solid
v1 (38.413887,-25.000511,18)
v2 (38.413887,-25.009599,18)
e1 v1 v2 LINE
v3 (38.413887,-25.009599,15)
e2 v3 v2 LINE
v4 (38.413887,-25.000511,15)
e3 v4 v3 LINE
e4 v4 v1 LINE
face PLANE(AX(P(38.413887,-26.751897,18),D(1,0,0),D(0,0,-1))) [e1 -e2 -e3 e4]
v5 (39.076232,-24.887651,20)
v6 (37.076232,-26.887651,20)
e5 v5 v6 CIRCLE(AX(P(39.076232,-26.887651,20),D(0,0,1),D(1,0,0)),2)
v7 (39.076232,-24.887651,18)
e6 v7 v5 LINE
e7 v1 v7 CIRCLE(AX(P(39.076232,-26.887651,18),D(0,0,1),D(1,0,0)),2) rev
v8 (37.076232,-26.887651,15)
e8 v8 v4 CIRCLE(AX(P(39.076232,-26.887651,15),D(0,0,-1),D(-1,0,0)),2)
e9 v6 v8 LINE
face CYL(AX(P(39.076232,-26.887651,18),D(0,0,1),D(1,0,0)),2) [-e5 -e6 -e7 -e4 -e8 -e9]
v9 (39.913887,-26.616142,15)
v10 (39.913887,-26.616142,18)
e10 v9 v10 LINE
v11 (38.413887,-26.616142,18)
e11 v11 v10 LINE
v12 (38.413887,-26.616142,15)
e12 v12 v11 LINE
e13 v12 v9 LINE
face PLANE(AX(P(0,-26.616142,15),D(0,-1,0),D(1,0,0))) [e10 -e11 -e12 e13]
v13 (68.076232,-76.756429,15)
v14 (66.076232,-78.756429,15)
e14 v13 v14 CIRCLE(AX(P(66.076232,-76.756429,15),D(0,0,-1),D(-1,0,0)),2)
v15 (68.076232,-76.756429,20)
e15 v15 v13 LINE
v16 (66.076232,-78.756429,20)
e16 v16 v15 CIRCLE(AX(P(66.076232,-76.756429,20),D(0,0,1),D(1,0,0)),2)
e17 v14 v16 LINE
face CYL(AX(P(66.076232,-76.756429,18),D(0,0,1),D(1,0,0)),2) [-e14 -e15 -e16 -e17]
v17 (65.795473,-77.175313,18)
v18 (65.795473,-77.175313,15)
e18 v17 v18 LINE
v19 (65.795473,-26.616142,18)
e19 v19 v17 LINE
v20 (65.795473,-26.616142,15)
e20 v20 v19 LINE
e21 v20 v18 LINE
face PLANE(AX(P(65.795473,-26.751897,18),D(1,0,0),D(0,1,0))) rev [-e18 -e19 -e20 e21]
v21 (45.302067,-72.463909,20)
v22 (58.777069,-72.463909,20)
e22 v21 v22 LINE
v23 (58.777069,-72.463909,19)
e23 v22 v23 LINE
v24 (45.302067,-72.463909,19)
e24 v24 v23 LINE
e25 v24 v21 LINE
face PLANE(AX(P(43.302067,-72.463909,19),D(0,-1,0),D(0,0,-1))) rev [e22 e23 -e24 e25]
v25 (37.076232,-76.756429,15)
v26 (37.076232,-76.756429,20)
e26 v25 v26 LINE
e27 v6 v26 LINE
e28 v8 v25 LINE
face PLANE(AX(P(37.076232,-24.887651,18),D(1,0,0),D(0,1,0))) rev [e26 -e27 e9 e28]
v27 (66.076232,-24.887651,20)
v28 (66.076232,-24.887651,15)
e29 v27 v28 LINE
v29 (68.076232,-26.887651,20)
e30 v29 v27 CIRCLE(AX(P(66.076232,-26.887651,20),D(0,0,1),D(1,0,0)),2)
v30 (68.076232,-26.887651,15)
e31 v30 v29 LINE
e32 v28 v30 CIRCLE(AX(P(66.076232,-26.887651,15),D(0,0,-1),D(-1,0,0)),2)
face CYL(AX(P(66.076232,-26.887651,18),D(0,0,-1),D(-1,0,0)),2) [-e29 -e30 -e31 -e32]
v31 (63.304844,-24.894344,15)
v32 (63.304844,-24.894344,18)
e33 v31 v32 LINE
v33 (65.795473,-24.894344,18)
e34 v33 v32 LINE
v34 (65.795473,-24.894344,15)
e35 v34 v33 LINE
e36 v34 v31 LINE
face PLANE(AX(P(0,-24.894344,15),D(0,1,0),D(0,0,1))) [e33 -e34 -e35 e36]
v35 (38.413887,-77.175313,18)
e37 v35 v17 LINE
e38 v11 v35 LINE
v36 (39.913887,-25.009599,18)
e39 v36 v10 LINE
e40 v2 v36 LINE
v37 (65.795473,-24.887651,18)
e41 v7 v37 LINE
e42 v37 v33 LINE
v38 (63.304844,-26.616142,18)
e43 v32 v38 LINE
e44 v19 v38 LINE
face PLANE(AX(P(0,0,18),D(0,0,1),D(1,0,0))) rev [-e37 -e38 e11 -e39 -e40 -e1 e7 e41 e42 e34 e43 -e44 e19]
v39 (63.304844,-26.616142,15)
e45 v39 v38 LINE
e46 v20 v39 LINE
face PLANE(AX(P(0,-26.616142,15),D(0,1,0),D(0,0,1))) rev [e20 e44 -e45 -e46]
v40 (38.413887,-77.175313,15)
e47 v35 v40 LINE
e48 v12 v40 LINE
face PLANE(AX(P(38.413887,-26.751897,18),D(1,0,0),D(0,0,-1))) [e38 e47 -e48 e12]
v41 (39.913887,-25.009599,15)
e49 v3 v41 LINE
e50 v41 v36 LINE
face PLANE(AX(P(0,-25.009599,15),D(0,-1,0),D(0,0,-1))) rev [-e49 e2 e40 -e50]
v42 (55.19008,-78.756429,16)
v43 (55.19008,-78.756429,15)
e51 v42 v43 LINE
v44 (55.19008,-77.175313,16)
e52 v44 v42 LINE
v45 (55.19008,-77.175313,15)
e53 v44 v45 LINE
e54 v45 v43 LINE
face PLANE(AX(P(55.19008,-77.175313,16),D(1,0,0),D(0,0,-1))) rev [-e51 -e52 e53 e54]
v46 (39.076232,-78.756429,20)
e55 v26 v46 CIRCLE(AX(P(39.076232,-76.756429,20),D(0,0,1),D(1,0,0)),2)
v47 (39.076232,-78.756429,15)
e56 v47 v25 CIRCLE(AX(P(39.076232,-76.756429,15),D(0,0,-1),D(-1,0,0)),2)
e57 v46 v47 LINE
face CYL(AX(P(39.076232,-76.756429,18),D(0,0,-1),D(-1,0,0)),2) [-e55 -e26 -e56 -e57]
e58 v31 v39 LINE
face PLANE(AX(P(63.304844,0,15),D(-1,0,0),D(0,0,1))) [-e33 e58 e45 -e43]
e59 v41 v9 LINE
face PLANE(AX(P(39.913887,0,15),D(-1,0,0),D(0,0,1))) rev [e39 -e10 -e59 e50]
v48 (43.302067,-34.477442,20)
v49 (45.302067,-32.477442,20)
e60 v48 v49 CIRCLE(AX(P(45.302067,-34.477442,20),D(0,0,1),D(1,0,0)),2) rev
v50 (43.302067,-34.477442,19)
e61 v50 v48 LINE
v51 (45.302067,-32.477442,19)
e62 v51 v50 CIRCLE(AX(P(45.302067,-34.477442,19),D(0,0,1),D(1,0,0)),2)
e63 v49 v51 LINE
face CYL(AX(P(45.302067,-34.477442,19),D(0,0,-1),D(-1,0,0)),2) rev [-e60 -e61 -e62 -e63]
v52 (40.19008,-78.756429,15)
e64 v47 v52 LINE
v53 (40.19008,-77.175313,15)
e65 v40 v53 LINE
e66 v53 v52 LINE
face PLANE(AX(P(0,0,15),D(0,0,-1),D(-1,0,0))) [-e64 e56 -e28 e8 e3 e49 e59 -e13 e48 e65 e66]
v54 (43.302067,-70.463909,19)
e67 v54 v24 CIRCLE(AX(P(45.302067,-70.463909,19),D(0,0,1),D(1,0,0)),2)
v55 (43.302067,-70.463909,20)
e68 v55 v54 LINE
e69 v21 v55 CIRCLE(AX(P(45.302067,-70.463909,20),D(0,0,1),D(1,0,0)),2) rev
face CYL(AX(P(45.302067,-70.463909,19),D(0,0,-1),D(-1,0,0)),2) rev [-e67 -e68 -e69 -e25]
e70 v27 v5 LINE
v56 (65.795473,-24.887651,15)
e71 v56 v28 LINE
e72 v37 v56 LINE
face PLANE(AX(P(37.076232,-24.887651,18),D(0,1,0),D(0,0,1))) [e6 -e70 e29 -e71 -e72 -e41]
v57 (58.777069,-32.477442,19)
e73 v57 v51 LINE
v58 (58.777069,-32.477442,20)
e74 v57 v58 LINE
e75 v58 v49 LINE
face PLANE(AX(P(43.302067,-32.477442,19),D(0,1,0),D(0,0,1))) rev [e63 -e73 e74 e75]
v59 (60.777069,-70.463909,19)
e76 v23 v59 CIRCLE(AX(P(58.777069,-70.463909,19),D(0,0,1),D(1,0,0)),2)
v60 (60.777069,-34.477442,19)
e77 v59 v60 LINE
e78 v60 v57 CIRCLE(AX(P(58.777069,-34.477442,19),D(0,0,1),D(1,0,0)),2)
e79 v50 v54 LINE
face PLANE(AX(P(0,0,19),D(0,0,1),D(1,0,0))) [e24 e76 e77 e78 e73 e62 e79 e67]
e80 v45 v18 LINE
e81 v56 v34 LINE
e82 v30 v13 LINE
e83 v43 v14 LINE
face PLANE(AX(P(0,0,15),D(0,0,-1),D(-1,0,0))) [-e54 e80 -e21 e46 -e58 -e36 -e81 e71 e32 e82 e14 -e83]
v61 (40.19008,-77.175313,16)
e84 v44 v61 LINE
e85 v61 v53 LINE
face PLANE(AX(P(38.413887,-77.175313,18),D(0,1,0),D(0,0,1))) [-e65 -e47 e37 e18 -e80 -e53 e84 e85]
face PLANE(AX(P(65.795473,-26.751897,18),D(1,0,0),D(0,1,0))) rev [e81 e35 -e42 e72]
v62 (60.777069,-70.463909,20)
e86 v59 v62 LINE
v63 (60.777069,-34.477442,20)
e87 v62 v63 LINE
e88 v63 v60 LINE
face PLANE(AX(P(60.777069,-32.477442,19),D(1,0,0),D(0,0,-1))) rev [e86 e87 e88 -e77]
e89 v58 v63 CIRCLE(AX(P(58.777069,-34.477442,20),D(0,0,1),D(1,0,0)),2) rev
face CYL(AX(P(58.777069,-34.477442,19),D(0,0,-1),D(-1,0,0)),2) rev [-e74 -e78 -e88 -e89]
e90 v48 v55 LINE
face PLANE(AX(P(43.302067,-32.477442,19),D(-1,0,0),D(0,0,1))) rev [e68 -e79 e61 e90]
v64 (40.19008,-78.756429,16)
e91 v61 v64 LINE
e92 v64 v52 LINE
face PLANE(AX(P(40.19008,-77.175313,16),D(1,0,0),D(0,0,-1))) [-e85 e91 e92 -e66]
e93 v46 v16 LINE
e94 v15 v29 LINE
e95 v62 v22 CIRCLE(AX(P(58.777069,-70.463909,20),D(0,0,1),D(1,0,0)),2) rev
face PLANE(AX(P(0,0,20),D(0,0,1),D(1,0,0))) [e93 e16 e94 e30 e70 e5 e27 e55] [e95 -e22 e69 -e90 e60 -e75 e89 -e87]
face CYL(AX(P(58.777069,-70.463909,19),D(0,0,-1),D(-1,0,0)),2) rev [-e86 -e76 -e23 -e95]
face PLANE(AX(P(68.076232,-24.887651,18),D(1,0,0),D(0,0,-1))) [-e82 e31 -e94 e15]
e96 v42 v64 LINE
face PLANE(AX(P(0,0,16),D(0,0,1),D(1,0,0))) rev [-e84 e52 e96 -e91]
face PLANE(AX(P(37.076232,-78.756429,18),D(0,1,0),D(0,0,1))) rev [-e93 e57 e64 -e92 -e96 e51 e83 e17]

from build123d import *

# Parameters (mm, degrees)
SKETCH_5_W          = 31
SKETCH_5_H          = 53.868777402
SKETCH_5_W_2        = 27.381586342
SKETCH_5_H_2        = 50.42341648
EXTRUDE_3_DEPTH     = 3
SKETCH_8_W          = 15
SKETCH_8_H          = 1.581115617
CUT_EXTRUDE_6_DEPTH = 1
SKETCH_9_W          = 31
SKETCH_9_H          = 53.868777402
EXTRUDE_5_DEPTH     = 2
SKETCH_10_W         = 17.475002228
SKETCH_10_H         = 39.986467982
CUT_EXTRUDE_7_DEPTH = 1
FILLET_1_R          = 2
FILLET_2_R          = 2
SKETCH_11_W         = 27.381586342
SKETCH_11_H         = 3
CUT_EXTRUDE_8_DEPTH = 2
SKETCH_14_W         = 2.490628955
SKETCH_14_H         = 1.721797648
SKETCH_14_W_2       = 1.5
SKETCH_14_H_2       = 1.606542801
EXTRUDE_6_DEPTH     = 3


with BuildPart() as part:
    # 草图5 → 凸台-拉伸3 (new body)
    with BuildSketch(Plane.XY.offset(15)):
        with Locations((52.576231829, -51.822040042)):
            Rectangle(SKETCH_5_W, SKETCH_5_H)
        with Locations((52.104679946, -51.963604886)):
            Rectangle(SKETCH_5_W_2, SKETCH_5_H_2, mode=Mode.SUBTRACT)
    extrude(amount=EXTRUDE_3_DEPTH)

    # 草图8 → 切除-拉伸6 (cut)
    with BuildSketch(Plane(origin=(0, 0, 15), x_dir=(-1, 0, 0), z_dir=(0, 0, -1))):
        with Locations((-47.690080224, -77.965870935)):
            Rectangle(SKETCH_8_W, SKETCH_8_H)
    extrude(amount=-CUT_EXTRUDE_6_DEPTH, mode=Mode.SUBTRACT)

    # 草图9 → 凸台-拉伸5 (add)
    with BuildSketch(Plane.XY.offset(18)):
        with Locations((52.576231829, -51.822040042)):
            Rectangle(SKETCH_9_W, SKETCH_9_H)
    extrude(amount=EXTRUDE_5_DEPTH)

    # 草图10 → 切除-拉伸7 (cut)
    with BuildSketch(Plane.XY.offset(20)):
        with Locations((52.039568352, -52.470675496)):
            Rectangle(SKETCH_10_W, SKETCH_10_H)
    extrude(amount=-CUT_EXTRUDE_7_DEPTH, mode=Mode.SUBTRACT)

    # 圆角1
    fillet_1_edges = [part.edges().sort_by_distance(p)[0] for p in [
        (37.076231829, -78.756428743, 17.5),
        (37.076231829, -24.887651341, 17.5),
        (68.076231829, -24.887651341, 17.5),
        (68.076231829, -78.756428743, 17.5),
    ]]
    fillet(fillet_1_edges, radius=FILLET_1_R)

    # 圆角2
    fillet_2_edges = [part.edges().sort_by_distance(p)[0] for p in [
        (43.302067238, -72.463909487, 19.5),
        (43.302067238, -32.477441505, 19.5),
        (60.777069466, -32.477441505, 19.5),
        (60.777069466, -72.463909487, 19.5),
    ]]
    fillet(fillet_2_edges, radius=FILLET_2_R)

    # 草图11 → 切除-拉伸8 (cut)
    with BuildSketch(Plane(origin=(0, -26.751896646, 0), x_dir=(-1, 0, 0), z_dir=(0, -1, 0))):
        with Locations((-52.104679946, -16.5)):
            Rectangle(SKETCH_11_W, SKETCH_11_H)
    extrude(amount=-CUT_EXTRUDE_8_DEPTH, mode=Mode.SUBTRACT)

    # 草图14 → 凸台-拉伸6 (add)
    with BuildSketch(Plane(origin=(0, 0, 18), x_dir=(-1, 0, 0), z_dir=(0, 0, -1))):
        with Locations((-64.550158639, -25.755243126)):
            Rectangle(SKETCH_14_W, SKETCH_14_H)
        with Locations((-39.163886775, -25.81287055)):
            Rectangle(SKETCH_14_W_2, SKETCH_14_H_2)
    extrude(amount=EXTRUDE_6_DEPTH)


solid = part.part
